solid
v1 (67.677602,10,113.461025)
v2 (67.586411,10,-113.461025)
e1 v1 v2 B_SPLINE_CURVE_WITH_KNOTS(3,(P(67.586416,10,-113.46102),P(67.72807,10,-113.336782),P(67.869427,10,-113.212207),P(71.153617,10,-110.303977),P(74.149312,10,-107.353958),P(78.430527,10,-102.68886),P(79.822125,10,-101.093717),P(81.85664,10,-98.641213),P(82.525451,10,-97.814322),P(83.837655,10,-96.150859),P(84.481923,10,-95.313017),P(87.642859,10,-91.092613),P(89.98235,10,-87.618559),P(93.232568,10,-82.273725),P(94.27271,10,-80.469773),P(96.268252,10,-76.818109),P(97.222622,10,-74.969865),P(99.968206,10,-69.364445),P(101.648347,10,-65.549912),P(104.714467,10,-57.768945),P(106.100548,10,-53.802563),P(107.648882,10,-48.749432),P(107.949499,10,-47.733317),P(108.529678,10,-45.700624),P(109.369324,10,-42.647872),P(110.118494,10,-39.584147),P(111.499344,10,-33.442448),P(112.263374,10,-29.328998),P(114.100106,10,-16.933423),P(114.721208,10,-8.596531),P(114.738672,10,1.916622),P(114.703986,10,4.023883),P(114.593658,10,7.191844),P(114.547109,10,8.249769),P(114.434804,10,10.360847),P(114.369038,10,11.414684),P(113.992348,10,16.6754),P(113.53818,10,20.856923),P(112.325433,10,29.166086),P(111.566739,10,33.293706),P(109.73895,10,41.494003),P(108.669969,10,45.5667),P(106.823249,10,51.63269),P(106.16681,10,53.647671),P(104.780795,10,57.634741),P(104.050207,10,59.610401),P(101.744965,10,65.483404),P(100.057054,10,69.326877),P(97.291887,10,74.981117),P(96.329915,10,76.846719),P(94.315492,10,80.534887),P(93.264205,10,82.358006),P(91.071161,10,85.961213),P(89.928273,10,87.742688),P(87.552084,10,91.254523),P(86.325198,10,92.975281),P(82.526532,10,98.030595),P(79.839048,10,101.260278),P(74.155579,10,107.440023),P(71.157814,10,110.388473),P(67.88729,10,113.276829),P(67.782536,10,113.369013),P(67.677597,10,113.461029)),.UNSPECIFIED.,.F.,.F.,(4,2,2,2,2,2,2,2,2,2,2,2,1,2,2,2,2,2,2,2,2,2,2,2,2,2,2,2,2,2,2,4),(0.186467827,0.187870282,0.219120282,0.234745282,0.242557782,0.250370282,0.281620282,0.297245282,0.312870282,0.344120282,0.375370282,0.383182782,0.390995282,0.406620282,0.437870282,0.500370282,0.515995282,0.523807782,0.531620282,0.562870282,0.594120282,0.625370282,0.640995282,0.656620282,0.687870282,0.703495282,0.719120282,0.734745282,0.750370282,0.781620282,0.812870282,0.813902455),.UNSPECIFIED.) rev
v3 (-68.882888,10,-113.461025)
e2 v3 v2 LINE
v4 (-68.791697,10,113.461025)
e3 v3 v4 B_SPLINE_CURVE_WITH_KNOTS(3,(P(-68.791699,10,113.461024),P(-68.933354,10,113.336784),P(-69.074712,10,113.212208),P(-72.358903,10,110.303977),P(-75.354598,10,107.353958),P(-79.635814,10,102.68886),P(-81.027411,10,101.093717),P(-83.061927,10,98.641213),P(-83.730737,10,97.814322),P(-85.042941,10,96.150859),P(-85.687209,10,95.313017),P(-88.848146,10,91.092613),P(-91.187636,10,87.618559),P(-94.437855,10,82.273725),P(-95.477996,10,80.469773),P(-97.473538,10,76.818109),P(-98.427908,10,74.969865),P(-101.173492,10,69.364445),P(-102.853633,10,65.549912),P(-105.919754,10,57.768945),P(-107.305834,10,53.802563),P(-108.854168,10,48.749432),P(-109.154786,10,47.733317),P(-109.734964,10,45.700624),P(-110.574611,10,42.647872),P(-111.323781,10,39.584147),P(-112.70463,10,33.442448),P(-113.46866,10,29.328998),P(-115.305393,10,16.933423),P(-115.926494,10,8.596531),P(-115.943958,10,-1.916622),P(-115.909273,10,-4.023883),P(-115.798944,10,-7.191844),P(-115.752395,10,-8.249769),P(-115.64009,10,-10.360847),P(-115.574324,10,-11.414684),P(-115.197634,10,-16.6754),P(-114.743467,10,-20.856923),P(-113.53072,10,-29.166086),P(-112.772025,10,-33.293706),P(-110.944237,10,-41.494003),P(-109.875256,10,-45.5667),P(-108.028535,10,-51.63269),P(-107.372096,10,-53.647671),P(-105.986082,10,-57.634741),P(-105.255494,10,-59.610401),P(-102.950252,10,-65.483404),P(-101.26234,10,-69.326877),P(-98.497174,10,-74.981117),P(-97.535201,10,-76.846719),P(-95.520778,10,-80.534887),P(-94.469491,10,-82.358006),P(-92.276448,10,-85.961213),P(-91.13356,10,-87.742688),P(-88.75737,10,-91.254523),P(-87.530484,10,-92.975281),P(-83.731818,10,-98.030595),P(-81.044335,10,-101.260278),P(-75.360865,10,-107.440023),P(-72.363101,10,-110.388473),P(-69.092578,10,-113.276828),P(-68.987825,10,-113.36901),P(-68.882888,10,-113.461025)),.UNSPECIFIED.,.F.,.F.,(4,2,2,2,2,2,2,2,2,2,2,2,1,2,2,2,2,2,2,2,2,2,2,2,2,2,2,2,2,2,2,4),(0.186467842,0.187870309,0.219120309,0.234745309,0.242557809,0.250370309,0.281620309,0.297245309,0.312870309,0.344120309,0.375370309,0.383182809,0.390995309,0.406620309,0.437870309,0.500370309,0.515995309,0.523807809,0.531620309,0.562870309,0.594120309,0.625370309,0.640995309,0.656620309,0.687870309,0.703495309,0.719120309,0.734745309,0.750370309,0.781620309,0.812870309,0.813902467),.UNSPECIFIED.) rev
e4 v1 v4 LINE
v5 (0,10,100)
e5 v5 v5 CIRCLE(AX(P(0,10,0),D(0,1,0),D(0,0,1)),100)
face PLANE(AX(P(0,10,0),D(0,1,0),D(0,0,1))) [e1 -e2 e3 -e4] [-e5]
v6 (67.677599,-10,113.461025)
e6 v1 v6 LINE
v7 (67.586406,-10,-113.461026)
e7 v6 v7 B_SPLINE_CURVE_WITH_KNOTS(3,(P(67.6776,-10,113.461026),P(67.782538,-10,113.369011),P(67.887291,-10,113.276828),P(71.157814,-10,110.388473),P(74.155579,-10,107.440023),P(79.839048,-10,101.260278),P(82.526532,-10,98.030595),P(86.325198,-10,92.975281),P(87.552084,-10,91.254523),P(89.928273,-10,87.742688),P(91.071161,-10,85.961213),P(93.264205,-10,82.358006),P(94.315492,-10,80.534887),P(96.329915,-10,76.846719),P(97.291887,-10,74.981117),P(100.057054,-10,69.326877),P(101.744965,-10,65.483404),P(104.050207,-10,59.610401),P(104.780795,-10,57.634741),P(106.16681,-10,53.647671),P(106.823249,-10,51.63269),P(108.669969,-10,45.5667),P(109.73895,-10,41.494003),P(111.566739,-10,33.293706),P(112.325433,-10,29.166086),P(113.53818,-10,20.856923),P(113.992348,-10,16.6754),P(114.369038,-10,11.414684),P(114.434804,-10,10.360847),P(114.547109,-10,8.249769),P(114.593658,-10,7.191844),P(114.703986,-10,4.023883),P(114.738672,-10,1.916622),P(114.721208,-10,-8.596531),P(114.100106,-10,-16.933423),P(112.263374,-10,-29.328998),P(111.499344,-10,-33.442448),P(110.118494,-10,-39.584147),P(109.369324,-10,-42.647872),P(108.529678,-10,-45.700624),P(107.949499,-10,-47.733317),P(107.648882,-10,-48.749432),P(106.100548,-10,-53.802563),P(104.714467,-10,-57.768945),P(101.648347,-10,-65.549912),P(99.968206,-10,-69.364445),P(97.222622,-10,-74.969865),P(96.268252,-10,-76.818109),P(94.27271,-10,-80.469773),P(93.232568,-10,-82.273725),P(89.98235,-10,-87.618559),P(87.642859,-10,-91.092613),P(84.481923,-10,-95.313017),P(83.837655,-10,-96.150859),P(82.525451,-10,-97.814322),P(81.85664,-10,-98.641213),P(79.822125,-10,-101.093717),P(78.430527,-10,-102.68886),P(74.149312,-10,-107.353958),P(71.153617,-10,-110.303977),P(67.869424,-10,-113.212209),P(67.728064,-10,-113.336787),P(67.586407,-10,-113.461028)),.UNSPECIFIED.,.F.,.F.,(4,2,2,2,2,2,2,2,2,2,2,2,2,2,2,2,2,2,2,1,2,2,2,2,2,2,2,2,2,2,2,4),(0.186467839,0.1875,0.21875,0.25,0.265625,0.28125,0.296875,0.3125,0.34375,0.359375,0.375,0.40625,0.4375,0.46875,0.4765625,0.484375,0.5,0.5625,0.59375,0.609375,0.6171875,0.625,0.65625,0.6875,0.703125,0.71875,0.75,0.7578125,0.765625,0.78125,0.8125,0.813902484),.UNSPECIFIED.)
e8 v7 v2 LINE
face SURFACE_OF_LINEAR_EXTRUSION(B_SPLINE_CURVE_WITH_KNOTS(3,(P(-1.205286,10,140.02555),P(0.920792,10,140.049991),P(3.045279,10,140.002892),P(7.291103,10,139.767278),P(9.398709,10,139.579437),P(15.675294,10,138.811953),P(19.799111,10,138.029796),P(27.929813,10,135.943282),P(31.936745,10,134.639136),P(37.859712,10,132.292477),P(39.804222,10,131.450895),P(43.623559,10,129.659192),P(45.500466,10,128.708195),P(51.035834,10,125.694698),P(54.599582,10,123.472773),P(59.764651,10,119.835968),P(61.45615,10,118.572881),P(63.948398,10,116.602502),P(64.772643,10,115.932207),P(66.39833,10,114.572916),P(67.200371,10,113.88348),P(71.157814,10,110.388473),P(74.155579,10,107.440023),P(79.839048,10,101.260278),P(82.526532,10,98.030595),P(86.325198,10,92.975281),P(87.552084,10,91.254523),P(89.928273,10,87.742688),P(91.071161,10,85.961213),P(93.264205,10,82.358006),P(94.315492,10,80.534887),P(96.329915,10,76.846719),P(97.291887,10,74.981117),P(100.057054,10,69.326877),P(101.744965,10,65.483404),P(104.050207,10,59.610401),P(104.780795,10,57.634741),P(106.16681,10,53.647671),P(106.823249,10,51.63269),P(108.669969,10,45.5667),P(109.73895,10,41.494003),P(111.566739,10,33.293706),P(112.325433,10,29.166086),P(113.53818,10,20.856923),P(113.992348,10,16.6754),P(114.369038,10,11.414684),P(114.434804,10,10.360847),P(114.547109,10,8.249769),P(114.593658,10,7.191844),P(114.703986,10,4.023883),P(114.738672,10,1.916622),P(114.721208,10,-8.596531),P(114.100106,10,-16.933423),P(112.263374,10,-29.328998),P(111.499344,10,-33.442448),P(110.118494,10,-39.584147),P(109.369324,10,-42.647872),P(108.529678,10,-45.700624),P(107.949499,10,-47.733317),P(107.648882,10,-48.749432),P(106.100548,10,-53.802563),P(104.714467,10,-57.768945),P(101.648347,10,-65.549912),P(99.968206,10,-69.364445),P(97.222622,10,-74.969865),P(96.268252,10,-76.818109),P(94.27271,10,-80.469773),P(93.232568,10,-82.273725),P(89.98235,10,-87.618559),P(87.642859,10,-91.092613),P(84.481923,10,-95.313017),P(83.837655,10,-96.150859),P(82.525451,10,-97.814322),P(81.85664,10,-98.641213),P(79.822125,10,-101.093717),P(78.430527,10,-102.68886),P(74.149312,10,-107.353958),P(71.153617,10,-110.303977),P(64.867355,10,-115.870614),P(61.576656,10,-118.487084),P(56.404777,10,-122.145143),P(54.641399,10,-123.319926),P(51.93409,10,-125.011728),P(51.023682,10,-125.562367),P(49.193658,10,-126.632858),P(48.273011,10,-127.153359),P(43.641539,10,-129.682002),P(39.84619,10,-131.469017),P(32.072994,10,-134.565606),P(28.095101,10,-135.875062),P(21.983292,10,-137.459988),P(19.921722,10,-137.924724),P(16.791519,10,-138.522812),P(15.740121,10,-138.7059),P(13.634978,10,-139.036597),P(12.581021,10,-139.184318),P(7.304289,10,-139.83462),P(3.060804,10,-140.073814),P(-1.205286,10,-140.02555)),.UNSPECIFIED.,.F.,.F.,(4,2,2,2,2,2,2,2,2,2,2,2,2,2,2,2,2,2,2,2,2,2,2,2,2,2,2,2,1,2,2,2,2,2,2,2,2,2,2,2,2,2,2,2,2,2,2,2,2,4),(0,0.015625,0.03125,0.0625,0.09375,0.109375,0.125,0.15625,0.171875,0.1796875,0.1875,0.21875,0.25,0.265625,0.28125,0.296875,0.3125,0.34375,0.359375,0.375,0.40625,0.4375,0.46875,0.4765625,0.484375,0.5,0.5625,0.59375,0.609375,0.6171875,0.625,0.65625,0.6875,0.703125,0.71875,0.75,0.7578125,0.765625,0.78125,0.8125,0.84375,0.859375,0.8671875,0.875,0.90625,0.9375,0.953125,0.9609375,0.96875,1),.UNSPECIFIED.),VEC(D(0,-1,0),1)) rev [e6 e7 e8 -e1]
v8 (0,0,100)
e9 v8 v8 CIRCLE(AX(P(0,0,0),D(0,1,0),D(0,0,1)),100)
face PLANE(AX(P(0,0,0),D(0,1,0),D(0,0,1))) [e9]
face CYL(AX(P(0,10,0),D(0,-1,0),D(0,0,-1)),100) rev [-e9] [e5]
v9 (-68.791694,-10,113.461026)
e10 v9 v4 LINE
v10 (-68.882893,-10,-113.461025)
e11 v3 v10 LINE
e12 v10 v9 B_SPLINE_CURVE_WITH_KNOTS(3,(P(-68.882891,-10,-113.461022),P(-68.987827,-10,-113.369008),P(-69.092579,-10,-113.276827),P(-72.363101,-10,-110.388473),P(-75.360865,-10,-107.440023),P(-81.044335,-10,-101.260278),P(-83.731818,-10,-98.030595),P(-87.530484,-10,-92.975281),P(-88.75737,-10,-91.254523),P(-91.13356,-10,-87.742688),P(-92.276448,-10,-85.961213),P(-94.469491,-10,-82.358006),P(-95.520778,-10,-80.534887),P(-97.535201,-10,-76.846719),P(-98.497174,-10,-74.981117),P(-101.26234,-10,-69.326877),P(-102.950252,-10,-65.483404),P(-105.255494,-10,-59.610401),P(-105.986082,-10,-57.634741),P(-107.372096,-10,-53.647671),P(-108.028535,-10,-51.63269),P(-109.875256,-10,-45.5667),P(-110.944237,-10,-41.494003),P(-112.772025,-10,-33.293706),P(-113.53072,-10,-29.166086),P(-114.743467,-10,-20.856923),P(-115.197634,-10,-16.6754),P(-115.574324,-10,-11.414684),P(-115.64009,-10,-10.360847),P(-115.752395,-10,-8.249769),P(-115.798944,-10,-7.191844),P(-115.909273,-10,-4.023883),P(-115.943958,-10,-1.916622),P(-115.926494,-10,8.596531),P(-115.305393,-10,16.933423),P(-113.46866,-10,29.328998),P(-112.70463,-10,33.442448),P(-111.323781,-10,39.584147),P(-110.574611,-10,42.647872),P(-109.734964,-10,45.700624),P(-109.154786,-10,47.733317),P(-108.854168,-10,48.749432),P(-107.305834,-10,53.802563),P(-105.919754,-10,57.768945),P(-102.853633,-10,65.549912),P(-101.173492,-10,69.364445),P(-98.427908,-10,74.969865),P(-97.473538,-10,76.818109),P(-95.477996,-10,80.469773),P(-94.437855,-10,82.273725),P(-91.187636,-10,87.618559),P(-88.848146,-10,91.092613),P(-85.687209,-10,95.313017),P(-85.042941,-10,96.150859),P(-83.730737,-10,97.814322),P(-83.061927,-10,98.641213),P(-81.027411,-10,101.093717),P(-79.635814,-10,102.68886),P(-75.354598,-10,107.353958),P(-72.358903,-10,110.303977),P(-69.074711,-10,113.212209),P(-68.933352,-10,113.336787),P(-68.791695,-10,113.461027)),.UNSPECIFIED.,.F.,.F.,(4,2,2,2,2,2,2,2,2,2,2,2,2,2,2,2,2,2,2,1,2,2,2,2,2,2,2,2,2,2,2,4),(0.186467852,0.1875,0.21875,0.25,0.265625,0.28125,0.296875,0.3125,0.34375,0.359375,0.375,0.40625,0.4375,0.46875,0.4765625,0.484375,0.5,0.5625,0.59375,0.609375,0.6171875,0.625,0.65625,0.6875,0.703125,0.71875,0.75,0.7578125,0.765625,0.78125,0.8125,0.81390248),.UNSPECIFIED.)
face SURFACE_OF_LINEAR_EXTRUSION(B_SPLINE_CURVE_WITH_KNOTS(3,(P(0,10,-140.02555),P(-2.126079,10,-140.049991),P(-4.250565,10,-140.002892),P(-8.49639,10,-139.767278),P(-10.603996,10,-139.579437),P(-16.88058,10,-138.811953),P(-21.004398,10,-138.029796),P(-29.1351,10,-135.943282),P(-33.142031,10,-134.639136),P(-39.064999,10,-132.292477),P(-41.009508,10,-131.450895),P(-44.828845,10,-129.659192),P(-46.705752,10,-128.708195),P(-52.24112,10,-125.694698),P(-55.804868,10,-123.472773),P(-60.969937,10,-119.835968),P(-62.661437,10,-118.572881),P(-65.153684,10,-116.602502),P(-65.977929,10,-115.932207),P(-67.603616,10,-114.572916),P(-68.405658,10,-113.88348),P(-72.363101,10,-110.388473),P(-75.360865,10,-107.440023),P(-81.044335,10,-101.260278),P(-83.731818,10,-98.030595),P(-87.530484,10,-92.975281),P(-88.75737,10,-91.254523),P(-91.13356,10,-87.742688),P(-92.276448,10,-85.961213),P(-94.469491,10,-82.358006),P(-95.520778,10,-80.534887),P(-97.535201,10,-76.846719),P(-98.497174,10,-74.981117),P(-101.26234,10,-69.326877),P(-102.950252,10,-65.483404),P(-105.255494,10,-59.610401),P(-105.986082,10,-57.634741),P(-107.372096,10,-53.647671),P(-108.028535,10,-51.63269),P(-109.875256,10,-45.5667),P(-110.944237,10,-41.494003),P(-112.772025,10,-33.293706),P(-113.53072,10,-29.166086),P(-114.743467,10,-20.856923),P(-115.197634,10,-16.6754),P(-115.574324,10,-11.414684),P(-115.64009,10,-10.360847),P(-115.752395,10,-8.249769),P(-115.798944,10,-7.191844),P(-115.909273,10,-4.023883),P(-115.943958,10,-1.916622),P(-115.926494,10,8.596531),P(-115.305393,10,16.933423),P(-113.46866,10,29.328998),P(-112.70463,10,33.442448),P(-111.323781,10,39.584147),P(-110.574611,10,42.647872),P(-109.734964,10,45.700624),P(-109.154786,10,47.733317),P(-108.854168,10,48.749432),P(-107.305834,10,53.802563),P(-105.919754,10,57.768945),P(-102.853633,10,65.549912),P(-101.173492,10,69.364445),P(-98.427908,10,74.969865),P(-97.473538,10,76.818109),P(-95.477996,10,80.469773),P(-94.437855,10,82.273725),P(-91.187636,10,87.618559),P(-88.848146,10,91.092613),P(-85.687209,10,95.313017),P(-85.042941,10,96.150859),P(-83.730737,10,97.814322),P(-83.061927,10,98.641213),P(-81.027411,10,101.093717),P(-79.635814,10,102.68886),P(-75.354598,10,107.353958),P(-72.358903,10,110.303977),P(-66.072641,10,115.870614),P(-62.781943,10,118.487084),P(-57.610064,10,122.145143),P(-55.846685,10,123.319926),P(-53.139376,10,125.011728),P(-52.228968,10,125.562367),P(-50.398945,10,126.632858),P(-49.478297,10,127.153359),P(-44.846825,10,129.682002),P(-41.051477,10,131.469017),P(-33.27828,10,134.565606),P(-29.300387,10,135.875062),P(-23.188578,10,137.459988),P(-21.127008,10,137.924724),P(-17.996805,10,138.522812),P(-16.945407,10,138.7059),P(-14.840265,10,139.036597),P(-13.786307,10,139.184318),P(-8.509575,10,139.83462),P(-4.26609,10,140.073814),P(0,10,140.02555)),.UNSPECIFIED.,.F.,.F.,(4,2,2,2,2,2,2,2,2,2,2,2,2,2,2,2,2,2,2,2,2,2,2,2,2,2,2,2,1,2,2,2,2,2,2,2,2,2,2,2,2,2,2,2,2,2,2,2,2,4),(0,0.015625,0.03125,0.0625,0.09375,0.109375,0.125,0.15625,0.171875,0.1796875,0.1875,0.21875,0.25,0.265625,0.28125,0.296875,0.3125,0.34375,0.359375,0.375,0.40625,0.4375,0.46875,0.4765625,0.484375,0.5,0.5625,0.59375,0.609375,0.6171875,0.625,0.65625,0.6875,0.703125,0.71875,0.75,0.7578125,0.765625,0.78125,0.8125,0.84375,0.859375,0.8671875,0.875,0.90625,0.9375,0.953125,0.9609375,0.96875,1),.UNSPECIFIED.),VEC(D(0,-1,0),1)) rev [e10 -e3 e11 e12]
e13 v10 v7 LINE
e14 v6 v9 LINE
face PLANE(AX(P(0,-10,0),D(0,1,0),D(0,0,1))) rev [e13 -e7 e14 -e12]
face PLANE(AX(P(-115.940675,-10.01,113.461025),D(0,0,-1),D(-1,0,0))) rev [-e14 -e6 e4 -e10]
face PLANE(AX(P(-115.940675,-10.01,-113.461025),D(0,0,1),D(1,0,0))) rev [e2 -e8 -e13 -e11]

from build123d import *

# Parameters (mm, degrees)
BOSS_EXTRUDE1_DEPTH     = 10
SKETCH1_3_R             = 100
BOSS_EXTRUDE2_DEPTH     = 10
SKETCH2_W               = 214.561996695
SKETCH2_H               = 67.979229187
CUT_EXTRUDE1_DEPTH      = 1.0000001
CUT_EXTRUDE1_DEPTH_BACK = 21.0000001


with BuildPart() as part:
    # Sketch1 → Boss-Extrude1 (new body, symmetric)
    with BuildSketch(Plane(origin=(0, 0, 0), x_dir=(1, 0, 0), z_dir=(0, 1, 0))):
        with BuildLine():
            add(Edge.make_bspline(
                [(0.976121303, -140.025549951), (2.374162629, -140.009491535), (3.771517421, -139.962591197), (7.291103261, -139.767278285), (9.398709168, -139.579437143), (15.675293836, -138.811953228), (19.799111475, -138.029795642), (27.929813311, -135.94328184), (31.936744561, -134.639135756), (37.859712235, -132.29247735), (39.804221595, -131.450894746), (43.623558737, -129.659192276), (45.500465995, -128.708195239), (51.0358335, -125.694698111), (54.599581786, -123.47277318), (59.764651016, -119.835967833), (61.45615035, -118.57288108), (63.948397978, -116.602501944), (64.77264308, -115.932207196), (66.398329816, -114.572915867), (67.200371286, -113.883479536), (71.15781434, -110.388473165), (74.15557851, -107.440023102), (79.839048175, -101.260277994), (82.526531921, -98.030594728), (86.325197715, -92.975281331), (87.552083684, -91.254523379), (89.92827313, -87.74268795), (91.071161278, -85.961213119), (93.264204581, -82.358005966), (94.315491716, -80.534886626), (96.329914932, -76.846718964), (97.291887312, -74.981117129), (100.057054093, -69.326876807), (101.744965365, -65.483403988), (104.050207299, -59.610400761), (104.780795243, -57.634741095), (106.166809965, -53.647671411), (106.823248507, -51.632689638), (108.669969422, -45.566700204), (109.738950442, -41.49400287), (111.566738836, -33.293705648), (112.32543315, -29.166085749), (113.538180225, -20.85692261), (113.992347502, -16.67539964), (114.36903765, -11.414684455), (114.434803631, -10.360847109), (114.547109075, -8.249769211), (114.593657534, -7.191844363), (114.703986475, -4.02388278), (114.738672, -1.916622031), (114.721208012, 8.596531177), (114.100106338, 16.933423498), (112.26337389, 29.32899767), (111.499343946, 33.442447781), (110.118494221, 39.584146802), (109.369324409, 42.647871971), (108.529677635, 45.700624473), (107.949499474, 47.733317125), (107.648881576, 48.749432437), (106.100547872, 53.802562864), (104.714467284, 57.768944772), (101.648347062, 65.549912048), (99.96820604, 69.364445062), (97.222621896, 74.969865164), (96.268251936, 76.818108957), (94.2727099, 80.469773084), (93.232568116, 82.273725448), (89.982350098, 87.618559335), (87.642859175, 91.092612835), (84.48192294, 95.313016777), (83.837654689, 96.150859096), (82.525451012, 97.814322319), (81.856640259, 98.64121338), (79.822125033, 101.093717437), (78.430527447, 102.688859664), (74.149311898, 107.353958125), (71.153616848, 110.303977016), (64.867354765, 115.870614214), (61.576656322, 118.487083942), (56.404777152, 122.145142784), (54.641398693, 123.31992646), (51.934089957, 125.011728379), (51.023681699, 125.562366877), (49.193658371, 126.632857883), (48.273010775, 127.153359084), (43.641538937, 129.682001779), (39.846190182, 131.469016566), (32.072993706, 134.565606006), (28.09510057, 135.875061848), (21.983291629, 137.459987939), (19.921721798, 137.924724312), (16.791518565, 138.522812496), (15.740120954, 138.705899718), (13.634978124, 139.036596855), (12.581020534, 139.184317529), (8.013946499, 139.747161721), (4.486924522, 139.985449555), (0.944318009, 140.025549951)],
                knots=[0.005345243, 0.005345243, 0.005345243, 0.005345243, 0.015625, 0.015625, 0.03125, 0.03125, 0.0625, 0.0625, 0.09375, 0.09375, 0.109375, 0.109375, 0.125, 0.125, 0.15625, 0.15625, 0.171875, 0.171875, 0.1796875, 0.1796875, 0.1875, 0.1875, 0.21875, 0.21875, 0.25, 0.25, 0.265625, 0.265625, 0.28125, 0.28125, 0.296875, 0.296875, 0.3125, 0.3125, 0.34375, 0.34375, 0.359375, 0.359375, 0.375, 0.375, 0.40625, 0.40625, 0.4375, 0.4375, 0.46875, 0.46875, 0.4765625, 0.4765625, 0.484375, 0.484375, 0.5, 0.5, 0.5625, 0.5625, 0.59375, 0.59375, 0.609375, 0.6171875, 0.6171875, 0.625, 0.625, 0.65625, 0.65625, 0.6875, 0.6875, 0.703125, 0.703125, 0.71875, 0.71875, 0.75, 0.75, 0.7578125, 0.7578125, 0.765625, 0.765625, 0.78125, 0.78125, 0.8125, 0.8125, 0.84375, 0.84375, 0.859375, 0.859375, 0.8671875, 0.8671875, 0.875, 0.875, 0.90625, 0.90625, 0.9375, 0.9375, 0.953125, 0.953125, 0.9609375, 0.9609375, 0.96875, 0.96875, 0.994746559, 0.994746559, 0.994746559, 0.994746559], degree=3))
            Line((0.944318009, 140.025549951), (0, 140.025549951))
            Line((0, 140.025549951), (0, 100))
            ThreePointArc((0, 100), (70.710678119, 70.710678119), (100, 0))
            ThreePointArc((100, 0), (70.710678119, -70.710678119), (0, -100))
            Line((0, -100), (0, -140.025549951))
            Line((0, -140.025549951), (0.976121303, -140.025549951))
        make_face()
        with BuildLine():
            Line((0, 100), (0, 140.025549951))
            add(Edge.make_bspline(
                [(0, 140.025549951), (-0.197417557, 140.027819409), (-0.394821383, 140.02947205), (-0.592211495, 140.030508539)],
                knots=[0, 0, 0, 0, 0.001450863, 0.001450863, 0.001450863, 0.001450863], degree=3))
            add(Edge.make_bspline(
                [(-0.592211495, 140.030508539), (-2.520604536, 140.040634466), (-4.447688548, 139.99195347), (-8.496389648, 139.767278285), (-10.603995555, 139.579437143), (-16.880580223, 138.811953228), (-21.004397862, 138.029795642), (-29.135099698, 135.94328184), (-33.142030948, 134.639135756), (-39.064998622, 132.29247735), (-41.009507982, 131.450894746), (-44.828845124, 129.659192276), (-46.705752383, 128.708195239), (-52.241119887, 125.694698111), (-55.804868173, 123.47277318), (-60.969937403, 119.835967833), (-62.661436737, 118.57288108), (-65.153684365, 116.602501944), (-65.977929468, 115.932207196), (-67.603616203, 114.572915867), (-68.405657673, 113.883479536), (-72.363100727, 110.388473165), (-75.360864897, 107.440023102), (-81.044334562, 101.260277994), (-83.731818308, 98.030594728), (-87.530484102, 92.975281331), (-88.757370071, 91.254523379), (-91.133559517, 87.74268795), (-92.276447665, 85.961213119), (-94.469490968, 82.358005966), (-95.520778103, 80.534886626), (-97.535201319, 76.846718964), (-98.497173699, 74.981117129), (-101.26234048, 69.326876807), (-102.950251753, 65.483403988), (-105.255493686, 59.610400761), (-105.98608163, 57.634741095), (-107.372096352, 53.647671411), (-108.028534894, 51.632689638), (-109.875255809, 45.566700204), (-110.944236829, 41.49400287), (-112.772025223, 33.293705648), (-113.530719537, 29.166085749), (-114.743466612, 20.85692261), (-115.197633889, 16.67539964), (-115.574324037, 11.414684455), (-115.640090018, 10.360847109), (-115.752395462, 8.249769211), (-115.798943921, 7.191844363), (-115.909272862, 4.02388278), (-115.943958388, 1.916622031), (-115.926494399, -8.596531177), (-115.305392725, -16.933423498), (-113.468660278, -29.32899767), (-112.704630333, -33.442447781), (-111.323780608, -39.584146802), (-110.574610796, -42.647871971), (-109.734964023, -45.700624473), (-109.154785861, -47.733317125), (-108.854167963, -48.749432437), (-107.305834259, -53.802562864), (-105.919753671, -57.768944772), (-102.85363345, -65.549912048), (-101.173492427, -69.364445062), (-98.427908283, -74.969865164), (-97.473538324, -76.818108957), (-95.477996287, -80.469773084), (-94.437854503, -82.273725448), (-91.187636485, -87.618559335), (-88.848145562, -91.092612835), (-85.687209327, -95.313016777), (-85.042941076, -96.150859096), (-83.730737399, -97.814322319), (-83.061926646, -98.64121338), (-81.02741142, -101.093717437), (-79.635813834, -102.688859664), (-75.354598285, -107.353958125), (-72.358903236, -110.303977016), (-66.072641152, -115.870614214), (-62.781942709, -118.487083942), (-57.610063539, -122.145142784), (-55.84668508, -123.31992646), (-53.139376344, -125.011728379), (-52.228968086, -125.562366877), (-50.398944758, -126.632857883), (-49.478297162, -127.153359084), (-44.846825324, -129.682001779), (-41.051476569, -131.469016566), (-33.278280093, -134.565606006), (-29.300386957, -135.875061848), (-23.188578016, -137.459987939), (-21.127008185, -137.924724312), (-17.996804952, -138.522812496), (-16.945407341, -138.705899718), (-14.840264511, -139.036596855), (-13.786306921, -139.184317529), (-8.711843514, -139.809692163), (-4.672693328, -140.050246998), (-0.613074893, -140.030508539)],
                knots=[0.001450863, 0.001450863, 0.001450863, 0.001450863, 0.015625, 0.015625, 0.03125, 0.03125, 0.0625, 0.0625, 0.09375, 0.09375, 0.109375, 0.109375, 0.125, 0.125, 0.15625, 0.15625, 0.171875, 0.171875, 0.1796875, 0.1796875, 0.1875, 0.1875, 0.21875, 0.21875, 0.25, 0.25, 0.265625, 0.265625, 0.28125, 0.28125, 0.296875, 0.296875, 0.3125, 0.3125, 0.34375, 0.34375, 0.359375, 0.359375, 0.375, 0.375, 0.40625, 0.40625, 0.4375, 0.4375, 0.46875, 0.46875, 0.4765625, 0.4765625, 0.484375, 0.484375, 0.5, 0.5, 0.5625, 0.5625, 0.59375, 0.59375, 0.609375, 0.6171875, 0.6171875, 0.625, 0.625, 0.65625, 0.65625, 0.6875, 0.6875, 0.703125, 0.703125, 0.71875, 0.71875, 0.75, 0.75, 0.7578125, 0.7578125, 0.765625, 0.765625, 0.78125, 0.78125, 0.8125, 0.8125, 0.84375, 0.84375, 0.859375, 0.859375, 0.8671875, 0.8671875, 0.875, 0.875, 0.90625, 0.90625, 0.9375, 0.9375, 0.953125, 0.953125, 0.9609375, 0.9609375, 0.96875, 0.96875, 0.998502653, 0.998502653, 0.998502653, 0.998502653], degree=3))
            add(Edge.make_bspline(
                [(-0.613074893, -140.030508539), (-0.408768455, -140.029515171), (-0.204410176, -140.027862544), (0, -140.025549951)],
                knots=[0.998502653, 0.998502653, 0.998502653, 0.998502653, 1, 1, 1, 1], degree=3))
            Line((0, -140.025549951), (0, -100))
            ThreePointArc((0, -100), (-100, 0), (0, 100))
        make_face()
    extrude(amount=BOSS_EXTRUDE1_DEPTH, both=True)

    # Sketch1<3> → Boss-Extrude2 (add)
    with BuildSketch(Plane(origin=(0, 0, 0), x_dir=(1, 0, 0), z_dir=(0, 1, 0))):
        Circle(SKETCH1_3_R)
        with BuildLine():
            ThreePointArc((100, 0), (70.710678119, 70.710678119), (0, 100))
            Line((0, 100), (0, -100))
            ThreePointArc((0, -100), (70.710678119, -70.710678119), (100, 0))
        make_face()
        with BuildLine():
            Line((0, -100), (0, 100))
            ThreePointArc((0, 100), (-100, 0), (0, -100))
        make_face()
    extrude(amount=-BOSS_EXTRUDE2_DEPTH)

    # Sketch2 → Cut-Extrude1 (cut, two sides)
    with BuildSketch(Plane(origin=(0, 10, 0), x_dir=(1, 0, 0), z_dir=(0, 1, 0))) as cut_extrude1_sk:
        with Locations((-8.659676613, -147.450639379)):
            Rectangle(SKETCH2_W, SKETCH2_H)
        with Locations((-8.659676613, 147.450639379)):
            Rectangle(SKETCH2_W, SKETCH2_H)
    extrude(amount=CUT_EXTRUDE1_DEPTH, mode=Mode.SUBTRACT)
    extrude(cut_extrude1_sk.sketch, amount=-CUT_EXTRUDE1_DEPTH_BACK, mode=Mode.SUBTRACT)


solid = part.part
